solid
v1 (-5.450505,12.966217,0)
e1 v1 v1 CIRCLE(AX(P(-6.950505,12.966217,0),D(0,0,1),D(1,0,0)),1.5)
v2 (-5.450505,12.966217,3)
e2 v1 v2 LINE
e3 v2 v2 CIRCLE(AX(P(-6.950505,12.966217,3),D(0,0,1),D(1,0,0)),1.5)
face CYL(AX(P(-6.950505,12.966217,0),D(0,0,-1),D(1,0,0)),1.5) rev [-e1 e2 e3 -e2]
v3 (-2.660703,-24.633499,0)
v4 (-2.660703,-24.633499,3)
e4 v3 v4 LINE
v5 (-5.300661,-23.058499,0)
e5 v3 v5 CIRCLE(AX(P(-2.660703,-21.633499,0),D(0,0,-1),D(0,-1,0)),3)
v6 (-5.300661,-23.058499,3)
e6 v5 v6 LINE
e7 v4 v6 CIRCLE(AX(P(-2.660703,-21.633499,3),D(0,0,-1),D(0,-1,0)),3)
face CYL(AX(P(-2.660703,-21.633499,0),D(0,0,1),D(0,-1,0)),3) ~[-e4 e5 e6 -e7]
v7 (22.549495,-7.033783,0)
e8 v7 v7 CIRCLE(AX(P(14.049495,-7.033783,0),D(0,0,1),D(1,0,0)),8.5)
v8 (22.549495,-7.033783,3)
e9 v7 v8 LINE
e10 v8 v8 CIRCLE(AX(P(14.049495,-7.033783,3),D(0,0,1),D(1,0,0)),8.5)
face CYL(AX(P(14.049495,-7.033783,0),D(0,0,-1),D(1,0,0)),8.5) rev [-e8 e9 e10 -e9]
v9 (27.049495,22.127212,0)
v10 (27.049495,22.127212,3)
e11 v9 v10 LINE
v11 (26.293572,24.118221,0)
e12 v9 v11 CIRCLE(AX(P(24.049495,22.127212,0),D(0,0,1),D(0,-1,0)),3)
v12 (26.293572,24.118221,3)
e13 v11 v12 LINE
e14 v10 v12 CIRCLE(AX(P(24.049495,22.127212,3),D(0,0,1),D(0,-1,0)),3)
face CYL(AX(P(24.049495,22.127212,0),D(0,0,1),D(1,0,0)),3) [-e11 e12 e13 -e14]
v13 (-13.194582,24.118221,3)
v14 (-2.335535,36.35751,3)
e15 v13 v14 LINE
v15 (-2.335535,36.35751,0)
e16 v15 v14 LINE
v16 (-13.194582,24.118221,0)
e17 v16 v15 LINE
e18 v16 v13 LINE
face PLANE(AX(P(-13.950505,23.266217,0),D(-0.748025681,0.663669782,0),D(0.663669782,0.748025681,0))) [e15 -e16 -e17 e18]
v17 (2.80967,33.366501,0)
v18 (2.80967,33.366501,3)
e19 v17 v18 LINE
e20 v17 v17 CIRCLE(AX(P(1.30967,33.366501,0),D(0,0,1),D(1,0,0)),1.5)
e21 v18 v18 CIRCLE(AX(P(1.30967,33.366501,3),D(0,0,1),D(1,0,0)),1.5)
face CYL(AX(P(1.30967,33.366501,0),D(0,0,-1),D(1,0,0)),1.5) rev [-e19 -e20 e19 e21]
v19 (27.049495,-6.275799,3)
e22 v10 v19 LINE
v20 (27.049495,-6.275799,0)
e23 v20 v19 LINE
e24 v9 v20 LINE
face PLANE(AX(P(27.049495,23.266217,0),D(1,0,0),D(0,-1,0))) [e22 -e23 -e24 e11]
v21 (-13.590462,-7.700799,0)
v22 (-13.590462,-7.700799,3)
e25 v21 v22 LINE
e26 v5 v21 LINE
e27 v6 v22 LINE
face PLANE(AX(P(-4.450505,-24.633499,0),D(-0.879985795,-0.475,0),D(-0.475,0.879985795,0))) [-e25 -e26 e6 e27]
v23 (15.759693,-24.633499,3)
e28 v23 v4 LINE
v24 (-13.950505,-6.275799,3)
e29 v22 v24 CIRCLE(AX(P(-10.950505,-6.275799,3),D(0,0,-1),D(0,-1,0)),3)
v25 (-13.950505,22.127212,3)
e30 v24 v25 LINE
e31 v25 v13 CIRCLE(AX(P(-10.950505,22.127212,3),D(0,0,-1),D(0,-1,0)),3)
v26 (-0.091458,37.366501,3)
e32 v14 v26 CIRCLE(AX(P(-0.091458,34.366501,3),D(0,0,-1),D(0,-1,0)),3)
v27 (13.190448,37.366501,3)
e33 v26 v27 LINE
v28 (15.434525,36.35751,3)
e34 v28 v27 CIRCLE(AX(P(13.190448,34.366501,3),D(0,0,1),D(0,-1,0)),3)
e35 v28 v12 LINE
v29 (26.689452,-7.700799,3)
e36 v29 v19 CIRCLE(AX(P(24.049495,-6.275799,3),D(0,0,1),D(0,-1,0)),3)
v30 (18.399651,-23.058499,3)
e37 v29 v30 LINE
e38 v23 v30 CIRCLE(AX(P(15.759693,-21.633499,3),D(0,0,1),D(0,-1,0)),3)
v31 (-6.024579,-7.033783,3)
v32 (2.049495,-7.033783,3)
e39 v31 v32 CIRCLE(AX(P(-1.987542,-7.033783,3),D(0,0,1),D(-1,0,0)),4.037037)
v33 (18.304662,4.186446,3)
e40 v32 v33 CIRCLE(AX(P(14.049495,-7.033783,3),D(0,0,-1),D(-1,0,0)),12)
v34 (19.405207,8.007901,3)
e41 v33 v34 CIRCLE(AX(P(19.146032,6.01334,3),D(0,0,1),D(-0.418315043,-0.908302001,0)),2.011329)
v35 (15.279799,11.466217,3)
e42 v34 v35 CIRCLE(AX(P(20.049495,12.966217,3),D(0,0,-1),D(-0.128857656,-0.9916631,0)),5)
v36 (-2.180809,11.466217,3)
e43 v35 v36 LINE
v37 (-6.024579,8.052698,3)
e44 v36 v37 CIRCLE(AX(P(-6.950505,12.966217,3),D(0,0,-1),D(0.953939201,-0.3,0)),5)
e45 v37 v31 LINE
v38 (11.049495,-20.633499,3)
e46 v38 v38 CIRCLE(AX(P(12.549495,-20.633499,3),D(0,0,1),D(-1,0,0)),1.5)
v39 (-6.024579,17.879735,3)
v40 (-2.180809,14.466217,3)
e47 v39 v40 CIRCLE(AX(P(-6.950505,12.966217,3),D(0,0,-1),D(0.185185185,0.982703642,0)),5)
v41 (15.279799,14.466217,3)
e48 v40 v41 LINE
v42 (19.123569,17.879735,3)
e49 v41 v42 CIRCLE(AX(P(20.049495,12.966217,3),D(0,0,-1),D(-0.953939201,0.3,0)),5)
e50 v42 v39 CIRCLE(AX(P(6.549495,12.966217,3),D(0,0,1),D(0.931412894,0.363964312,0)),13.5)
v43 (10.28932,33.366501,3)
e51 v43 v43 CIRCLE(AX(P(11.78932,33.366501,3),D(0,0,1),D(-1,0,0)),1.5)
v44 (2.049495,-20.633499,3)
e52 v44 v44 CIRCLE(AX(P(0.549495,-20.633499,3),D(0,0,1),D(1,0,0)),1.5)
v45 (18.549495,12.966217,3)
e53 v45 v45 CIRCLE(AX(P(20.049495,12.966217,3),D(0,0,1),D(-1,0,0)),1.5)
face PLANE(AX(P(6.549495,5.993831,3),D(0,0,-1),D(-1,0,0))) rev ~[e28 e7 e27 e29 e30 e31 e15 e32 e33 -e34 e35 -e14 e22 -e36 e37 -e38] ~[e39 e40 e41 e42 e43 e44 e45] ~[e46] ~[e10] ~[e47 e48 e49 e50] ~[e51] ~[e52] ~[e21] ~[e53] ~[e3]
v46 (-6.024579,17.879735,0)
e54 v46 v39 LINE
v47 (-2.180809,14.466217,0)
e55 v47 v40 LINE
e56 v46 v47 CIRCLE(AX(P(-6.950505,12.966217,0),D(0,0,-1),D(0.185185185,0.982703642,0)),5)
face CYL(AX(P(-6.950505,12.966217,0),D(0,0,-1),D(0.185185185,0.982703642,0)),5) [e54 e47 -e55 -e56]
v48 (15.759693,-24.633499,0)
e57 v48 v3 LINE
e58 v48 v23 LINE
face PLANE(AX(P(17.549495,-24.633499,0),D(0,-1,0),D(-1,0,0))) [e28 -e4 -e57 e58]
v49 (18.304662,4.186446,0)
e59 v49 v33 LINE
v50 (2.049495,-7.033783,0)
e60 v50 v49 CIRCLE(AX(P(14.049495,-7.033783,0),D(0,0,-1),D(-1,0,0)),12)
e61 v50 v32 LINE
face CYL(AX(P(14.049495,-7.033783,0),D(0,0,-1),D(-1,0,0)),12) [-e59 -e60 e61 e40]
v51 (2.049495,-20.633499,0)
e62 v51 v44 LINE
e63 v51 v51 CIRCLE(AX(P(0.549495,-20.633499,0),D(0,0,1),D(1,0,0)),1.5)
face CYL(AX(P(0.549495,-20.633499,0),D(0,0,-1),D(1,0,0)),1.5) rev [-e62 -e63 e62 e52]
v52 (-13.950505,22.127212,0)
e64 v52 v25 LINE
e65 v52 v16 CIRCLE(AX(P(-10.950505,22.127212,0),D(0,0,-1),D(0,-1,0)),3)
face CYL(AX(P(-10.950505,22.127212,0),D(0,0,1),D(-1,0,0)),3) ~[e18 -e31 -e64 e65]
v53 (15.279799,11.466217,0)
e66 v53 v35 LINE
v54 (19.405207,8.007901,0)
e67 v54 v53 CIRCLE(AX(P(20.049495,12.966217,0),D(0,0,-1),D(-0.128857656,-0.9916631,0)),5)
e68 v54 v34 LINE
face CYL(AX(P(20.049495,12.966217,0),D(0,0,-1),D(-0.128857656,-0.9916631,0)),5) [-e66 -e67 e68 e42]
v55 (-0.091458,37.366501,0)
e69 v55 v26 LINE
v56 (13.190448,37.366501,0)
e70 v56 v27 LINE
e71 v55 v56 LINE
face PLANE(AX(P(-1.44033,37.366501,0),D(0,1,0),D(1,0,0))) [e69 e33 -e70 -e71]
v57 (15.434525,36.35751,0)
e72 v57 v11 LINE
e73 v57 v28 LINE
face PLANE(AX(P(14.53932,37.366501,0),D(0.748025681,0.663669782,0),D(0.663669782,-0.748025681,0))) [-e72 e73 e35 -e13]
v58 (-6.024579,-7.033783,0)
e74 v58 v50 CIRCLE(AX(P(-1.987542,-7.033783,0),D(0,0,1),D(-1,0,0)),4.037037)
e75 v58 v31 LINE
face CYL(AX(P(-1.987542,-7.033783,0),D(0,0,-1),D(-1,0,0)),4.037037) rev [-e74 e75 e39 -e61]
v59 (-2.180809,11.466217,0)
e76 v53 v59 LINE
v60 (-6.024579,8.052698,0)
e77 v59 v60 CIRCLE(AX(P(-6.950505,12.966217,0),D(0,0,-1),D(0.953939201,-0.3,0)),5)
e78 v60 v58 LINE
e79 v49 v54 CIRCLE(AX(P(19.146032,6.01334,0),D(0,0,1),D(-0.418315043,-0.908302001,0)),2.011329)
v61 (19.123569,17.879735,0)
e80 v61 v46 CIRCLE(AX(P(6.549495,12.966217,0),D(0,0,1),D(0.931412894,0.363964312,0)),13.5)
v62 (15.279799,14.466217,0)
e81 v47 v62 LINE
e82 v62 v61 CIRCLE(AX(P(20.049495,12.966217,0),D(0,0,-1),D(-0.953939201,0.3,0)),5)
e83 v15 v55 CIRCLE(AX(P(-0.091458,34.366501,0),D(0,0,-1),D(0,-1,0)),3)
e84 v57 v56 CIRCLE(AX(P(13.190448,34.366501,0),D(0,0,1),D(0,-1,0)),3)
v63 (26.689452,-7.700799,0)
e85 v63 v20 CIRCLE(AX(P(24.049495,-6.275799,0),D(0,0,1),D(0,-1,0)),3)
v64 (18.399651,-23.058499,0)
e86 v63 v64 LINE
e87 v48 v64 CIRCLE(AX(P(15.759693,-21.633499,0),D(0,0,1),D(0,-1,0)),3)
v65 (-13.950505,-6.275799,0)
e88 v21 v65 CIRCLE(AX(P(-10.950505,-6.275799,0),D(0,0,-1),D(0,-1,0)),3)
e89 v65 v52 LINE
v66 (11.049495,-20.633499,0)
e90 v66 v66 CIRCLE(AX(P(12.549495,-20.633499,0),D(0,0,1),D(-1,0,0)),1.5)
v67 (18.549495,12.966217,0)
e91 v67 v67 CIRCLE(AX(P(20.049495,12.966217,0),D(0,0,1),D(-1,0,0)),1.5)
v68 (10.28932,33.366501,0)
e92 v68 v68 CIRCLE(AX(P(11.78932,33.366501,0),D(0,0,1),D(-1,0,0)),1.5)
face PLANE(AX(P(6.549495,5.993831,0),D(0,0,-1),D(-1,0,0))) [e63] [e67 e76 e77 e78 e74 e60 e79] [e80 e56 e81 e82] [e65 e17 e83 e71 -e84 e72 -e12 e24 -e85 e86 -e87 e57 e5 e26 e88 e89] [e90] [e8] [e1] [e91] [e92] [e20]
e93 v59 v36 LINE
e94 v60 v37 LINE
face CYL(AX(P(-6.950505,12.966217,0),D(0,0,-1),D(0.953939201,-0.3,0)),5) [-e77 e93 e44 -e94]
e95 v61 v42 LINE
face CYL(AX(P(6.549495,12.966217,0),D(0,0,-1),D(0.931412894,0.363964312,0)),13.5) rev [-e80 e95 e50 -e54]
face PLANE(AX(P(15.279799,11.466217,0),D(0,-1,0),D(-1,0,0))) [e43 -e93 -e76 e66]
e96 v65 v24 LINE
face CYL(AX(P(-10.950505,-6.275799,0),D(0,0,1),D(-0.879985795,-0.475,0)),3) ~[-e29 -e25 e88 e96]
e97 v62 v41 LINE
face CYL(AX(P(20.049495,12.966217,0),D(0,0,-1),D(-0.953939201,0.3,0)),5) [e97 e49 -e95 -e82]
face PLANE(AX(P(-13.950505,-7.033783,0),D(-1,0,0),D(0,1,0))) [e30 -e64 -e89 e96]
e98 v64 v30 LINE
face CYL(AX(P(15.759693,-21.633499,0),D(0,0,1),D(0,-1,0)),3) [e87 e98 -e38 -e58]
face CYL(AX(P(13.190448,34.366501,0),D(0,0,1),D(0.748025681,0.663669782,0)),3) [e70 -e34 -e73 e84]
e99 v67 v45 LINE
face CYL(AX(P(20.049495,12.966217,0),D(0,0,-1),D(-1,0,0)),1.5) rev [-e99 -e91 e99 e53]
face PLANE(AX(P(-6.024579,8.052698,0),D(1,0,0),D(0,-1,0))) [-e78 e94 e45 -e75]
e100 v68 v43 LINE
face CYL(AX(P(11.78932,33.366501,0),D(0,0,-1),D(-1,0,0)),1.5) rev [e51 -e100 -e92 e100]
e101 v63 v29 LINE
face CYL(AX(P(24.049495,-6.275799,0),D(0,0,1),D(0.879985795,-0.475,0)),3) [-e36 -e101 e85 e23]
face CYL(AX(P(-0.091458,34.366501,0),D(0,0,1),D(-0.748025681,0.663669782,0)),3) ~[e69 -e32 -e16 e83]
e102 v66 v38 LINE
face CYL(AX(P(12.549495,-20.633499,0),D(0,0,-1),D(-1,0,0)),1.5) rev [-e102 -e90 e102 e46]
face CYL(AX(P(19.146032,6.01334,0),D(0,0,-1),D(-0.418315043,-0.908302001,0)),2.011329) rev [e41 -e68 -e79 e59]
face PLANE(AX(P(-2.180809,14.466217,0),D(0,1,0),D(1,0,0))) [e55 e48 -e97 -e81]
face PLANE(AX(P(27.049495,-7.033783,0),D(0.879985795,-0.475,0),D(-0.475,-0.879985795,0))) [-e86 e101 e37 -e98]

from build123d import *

# Parameters (mm, degrees)
SKETCH2_R           = 1.5
SKETCH2_R_2         = 8.5
BOSS_EXTRUDE2_DEPTH = 3
FILLET1_R           = 3


with BuildPart() as part:
    # Sketch2 → Boss-Extrude2 (new body)
    with BuildSketch(Plane.XY):
        Polygon((17.549495066, -24.63349929), (-4.450504934, -24.63349929), (-13.950504934, -7.033783383), (-13.950504934, 23.266216617), (-1.440329536, 37.36650071), (14.539319668, 37.36650071), (27.049495066, 23.266216617), (27.049495066, -7.033783383), align=None)
        with Locations((1.309670464, 33.36650071)):
            Circle(SKETCH2_R, mode=Mode.SUBTRACT)
        with Locations((-6.950504934, 12.966216617)):
            Circle(SKETCH2_R, mode=Mode.SUBTRACT)
        with Locations((0.549495066, -20.63349929)):
            Circle(SKETCH2_R, mode=Mode.SUBTRACT)
        with Locations(Location((12.549495066, -20.63349929, 0), (0, 0, 180))):
            Circle(SKETCH2_R, mode=Mode.SUBTRACT)
        with Locations(Location((20.049495066, 12.966216617, 0), (0, 0, 180))):
            Circle(SKETCH2_R, mode=Mode.SUBTRACT)
        with Locations(Location((11.789319668, 33.36650071, 0), (0, 0, 180))):
            Circle(SKETCH2_R, mode=Mode.SUBTRACT)
        with Locations((14.049495066, -7.033783383)):
            Circle(SKETCH2_R_2, mode=Mode.SUBTRACT)
        with BuildLine():
            Line((-6.024579008, 8.052698409), (-6.024579008, -7.033783383))
            ThreePointArc((-6.024579008, -7.033783383), (-1.987541971, -11.07082042), (2.049495066, -7.033783383))
            ThreePointArc((2.049495066, -7.033783383), (7.232677945, 2.841995287), (18.304662454, 4.186446138))
            ThreePointArc((18.304662454, 4.186446138), (21.07880608, 5.456718839), (19.40520679, 8.007901115))
            ThreePointArc((19.40520679, 8.007901115), (16.837362911, 9.134479803), (15.279799059, 11.466216617))
            Line((15.279799059, 11.466216617), (-2.180808927, 11.466216617))
            ThreePointArc((-2.180808927, 11.466216617), (-3.63040645, 9.227641212), (-6.024579008, 8.052698409))
        make_face(mode=Mode.SUBTRACT)
        with BuildLine():
            Line((-2.180808927, 14.466216617), (15.279799059, 14.466216617))
            ThreePointArc((15.279799059, 14.466216617), (16.729396583, 16.704792022), (19.12356914, 17.879734825))
            ThreePointArc((19.12356914, 17.879734825), (6.549495066, 26.466216617), (-6.024579008, 17.879734825))
            ThreePointArc((-6.024579008, 17.879734825), (-3.63040645, 16.704792022), (-2.180808927, 14.466216617))
        make_face(mode=Mode.SUBTRACT)
    extrude(amount=BOSS_EXTRUDE2_DEPTH)

    # Fillet1
    fillet1_edges = [part.edges().sort_by_distance(p)[0] for p in [
        (-13.950504934, -7.033783383, 1.5),
        (-13.950504934, 23.266216617, 1.5),
        (-1.440329536, 37.36650071, 1.5),
        (14.539319668, 37.36650071, 1.5),
        (27.049495066, 23.266216617, 1.5),
        (27.049495066, -7.033783383, 1.5),
        (17.549495066, -24.63349929, 1.5),
        (-4.450504934, -24.63349929, 1.5),
    ]]
    fillet(fillet1_edges, radius=FILLET1_R)


solid = part.part
